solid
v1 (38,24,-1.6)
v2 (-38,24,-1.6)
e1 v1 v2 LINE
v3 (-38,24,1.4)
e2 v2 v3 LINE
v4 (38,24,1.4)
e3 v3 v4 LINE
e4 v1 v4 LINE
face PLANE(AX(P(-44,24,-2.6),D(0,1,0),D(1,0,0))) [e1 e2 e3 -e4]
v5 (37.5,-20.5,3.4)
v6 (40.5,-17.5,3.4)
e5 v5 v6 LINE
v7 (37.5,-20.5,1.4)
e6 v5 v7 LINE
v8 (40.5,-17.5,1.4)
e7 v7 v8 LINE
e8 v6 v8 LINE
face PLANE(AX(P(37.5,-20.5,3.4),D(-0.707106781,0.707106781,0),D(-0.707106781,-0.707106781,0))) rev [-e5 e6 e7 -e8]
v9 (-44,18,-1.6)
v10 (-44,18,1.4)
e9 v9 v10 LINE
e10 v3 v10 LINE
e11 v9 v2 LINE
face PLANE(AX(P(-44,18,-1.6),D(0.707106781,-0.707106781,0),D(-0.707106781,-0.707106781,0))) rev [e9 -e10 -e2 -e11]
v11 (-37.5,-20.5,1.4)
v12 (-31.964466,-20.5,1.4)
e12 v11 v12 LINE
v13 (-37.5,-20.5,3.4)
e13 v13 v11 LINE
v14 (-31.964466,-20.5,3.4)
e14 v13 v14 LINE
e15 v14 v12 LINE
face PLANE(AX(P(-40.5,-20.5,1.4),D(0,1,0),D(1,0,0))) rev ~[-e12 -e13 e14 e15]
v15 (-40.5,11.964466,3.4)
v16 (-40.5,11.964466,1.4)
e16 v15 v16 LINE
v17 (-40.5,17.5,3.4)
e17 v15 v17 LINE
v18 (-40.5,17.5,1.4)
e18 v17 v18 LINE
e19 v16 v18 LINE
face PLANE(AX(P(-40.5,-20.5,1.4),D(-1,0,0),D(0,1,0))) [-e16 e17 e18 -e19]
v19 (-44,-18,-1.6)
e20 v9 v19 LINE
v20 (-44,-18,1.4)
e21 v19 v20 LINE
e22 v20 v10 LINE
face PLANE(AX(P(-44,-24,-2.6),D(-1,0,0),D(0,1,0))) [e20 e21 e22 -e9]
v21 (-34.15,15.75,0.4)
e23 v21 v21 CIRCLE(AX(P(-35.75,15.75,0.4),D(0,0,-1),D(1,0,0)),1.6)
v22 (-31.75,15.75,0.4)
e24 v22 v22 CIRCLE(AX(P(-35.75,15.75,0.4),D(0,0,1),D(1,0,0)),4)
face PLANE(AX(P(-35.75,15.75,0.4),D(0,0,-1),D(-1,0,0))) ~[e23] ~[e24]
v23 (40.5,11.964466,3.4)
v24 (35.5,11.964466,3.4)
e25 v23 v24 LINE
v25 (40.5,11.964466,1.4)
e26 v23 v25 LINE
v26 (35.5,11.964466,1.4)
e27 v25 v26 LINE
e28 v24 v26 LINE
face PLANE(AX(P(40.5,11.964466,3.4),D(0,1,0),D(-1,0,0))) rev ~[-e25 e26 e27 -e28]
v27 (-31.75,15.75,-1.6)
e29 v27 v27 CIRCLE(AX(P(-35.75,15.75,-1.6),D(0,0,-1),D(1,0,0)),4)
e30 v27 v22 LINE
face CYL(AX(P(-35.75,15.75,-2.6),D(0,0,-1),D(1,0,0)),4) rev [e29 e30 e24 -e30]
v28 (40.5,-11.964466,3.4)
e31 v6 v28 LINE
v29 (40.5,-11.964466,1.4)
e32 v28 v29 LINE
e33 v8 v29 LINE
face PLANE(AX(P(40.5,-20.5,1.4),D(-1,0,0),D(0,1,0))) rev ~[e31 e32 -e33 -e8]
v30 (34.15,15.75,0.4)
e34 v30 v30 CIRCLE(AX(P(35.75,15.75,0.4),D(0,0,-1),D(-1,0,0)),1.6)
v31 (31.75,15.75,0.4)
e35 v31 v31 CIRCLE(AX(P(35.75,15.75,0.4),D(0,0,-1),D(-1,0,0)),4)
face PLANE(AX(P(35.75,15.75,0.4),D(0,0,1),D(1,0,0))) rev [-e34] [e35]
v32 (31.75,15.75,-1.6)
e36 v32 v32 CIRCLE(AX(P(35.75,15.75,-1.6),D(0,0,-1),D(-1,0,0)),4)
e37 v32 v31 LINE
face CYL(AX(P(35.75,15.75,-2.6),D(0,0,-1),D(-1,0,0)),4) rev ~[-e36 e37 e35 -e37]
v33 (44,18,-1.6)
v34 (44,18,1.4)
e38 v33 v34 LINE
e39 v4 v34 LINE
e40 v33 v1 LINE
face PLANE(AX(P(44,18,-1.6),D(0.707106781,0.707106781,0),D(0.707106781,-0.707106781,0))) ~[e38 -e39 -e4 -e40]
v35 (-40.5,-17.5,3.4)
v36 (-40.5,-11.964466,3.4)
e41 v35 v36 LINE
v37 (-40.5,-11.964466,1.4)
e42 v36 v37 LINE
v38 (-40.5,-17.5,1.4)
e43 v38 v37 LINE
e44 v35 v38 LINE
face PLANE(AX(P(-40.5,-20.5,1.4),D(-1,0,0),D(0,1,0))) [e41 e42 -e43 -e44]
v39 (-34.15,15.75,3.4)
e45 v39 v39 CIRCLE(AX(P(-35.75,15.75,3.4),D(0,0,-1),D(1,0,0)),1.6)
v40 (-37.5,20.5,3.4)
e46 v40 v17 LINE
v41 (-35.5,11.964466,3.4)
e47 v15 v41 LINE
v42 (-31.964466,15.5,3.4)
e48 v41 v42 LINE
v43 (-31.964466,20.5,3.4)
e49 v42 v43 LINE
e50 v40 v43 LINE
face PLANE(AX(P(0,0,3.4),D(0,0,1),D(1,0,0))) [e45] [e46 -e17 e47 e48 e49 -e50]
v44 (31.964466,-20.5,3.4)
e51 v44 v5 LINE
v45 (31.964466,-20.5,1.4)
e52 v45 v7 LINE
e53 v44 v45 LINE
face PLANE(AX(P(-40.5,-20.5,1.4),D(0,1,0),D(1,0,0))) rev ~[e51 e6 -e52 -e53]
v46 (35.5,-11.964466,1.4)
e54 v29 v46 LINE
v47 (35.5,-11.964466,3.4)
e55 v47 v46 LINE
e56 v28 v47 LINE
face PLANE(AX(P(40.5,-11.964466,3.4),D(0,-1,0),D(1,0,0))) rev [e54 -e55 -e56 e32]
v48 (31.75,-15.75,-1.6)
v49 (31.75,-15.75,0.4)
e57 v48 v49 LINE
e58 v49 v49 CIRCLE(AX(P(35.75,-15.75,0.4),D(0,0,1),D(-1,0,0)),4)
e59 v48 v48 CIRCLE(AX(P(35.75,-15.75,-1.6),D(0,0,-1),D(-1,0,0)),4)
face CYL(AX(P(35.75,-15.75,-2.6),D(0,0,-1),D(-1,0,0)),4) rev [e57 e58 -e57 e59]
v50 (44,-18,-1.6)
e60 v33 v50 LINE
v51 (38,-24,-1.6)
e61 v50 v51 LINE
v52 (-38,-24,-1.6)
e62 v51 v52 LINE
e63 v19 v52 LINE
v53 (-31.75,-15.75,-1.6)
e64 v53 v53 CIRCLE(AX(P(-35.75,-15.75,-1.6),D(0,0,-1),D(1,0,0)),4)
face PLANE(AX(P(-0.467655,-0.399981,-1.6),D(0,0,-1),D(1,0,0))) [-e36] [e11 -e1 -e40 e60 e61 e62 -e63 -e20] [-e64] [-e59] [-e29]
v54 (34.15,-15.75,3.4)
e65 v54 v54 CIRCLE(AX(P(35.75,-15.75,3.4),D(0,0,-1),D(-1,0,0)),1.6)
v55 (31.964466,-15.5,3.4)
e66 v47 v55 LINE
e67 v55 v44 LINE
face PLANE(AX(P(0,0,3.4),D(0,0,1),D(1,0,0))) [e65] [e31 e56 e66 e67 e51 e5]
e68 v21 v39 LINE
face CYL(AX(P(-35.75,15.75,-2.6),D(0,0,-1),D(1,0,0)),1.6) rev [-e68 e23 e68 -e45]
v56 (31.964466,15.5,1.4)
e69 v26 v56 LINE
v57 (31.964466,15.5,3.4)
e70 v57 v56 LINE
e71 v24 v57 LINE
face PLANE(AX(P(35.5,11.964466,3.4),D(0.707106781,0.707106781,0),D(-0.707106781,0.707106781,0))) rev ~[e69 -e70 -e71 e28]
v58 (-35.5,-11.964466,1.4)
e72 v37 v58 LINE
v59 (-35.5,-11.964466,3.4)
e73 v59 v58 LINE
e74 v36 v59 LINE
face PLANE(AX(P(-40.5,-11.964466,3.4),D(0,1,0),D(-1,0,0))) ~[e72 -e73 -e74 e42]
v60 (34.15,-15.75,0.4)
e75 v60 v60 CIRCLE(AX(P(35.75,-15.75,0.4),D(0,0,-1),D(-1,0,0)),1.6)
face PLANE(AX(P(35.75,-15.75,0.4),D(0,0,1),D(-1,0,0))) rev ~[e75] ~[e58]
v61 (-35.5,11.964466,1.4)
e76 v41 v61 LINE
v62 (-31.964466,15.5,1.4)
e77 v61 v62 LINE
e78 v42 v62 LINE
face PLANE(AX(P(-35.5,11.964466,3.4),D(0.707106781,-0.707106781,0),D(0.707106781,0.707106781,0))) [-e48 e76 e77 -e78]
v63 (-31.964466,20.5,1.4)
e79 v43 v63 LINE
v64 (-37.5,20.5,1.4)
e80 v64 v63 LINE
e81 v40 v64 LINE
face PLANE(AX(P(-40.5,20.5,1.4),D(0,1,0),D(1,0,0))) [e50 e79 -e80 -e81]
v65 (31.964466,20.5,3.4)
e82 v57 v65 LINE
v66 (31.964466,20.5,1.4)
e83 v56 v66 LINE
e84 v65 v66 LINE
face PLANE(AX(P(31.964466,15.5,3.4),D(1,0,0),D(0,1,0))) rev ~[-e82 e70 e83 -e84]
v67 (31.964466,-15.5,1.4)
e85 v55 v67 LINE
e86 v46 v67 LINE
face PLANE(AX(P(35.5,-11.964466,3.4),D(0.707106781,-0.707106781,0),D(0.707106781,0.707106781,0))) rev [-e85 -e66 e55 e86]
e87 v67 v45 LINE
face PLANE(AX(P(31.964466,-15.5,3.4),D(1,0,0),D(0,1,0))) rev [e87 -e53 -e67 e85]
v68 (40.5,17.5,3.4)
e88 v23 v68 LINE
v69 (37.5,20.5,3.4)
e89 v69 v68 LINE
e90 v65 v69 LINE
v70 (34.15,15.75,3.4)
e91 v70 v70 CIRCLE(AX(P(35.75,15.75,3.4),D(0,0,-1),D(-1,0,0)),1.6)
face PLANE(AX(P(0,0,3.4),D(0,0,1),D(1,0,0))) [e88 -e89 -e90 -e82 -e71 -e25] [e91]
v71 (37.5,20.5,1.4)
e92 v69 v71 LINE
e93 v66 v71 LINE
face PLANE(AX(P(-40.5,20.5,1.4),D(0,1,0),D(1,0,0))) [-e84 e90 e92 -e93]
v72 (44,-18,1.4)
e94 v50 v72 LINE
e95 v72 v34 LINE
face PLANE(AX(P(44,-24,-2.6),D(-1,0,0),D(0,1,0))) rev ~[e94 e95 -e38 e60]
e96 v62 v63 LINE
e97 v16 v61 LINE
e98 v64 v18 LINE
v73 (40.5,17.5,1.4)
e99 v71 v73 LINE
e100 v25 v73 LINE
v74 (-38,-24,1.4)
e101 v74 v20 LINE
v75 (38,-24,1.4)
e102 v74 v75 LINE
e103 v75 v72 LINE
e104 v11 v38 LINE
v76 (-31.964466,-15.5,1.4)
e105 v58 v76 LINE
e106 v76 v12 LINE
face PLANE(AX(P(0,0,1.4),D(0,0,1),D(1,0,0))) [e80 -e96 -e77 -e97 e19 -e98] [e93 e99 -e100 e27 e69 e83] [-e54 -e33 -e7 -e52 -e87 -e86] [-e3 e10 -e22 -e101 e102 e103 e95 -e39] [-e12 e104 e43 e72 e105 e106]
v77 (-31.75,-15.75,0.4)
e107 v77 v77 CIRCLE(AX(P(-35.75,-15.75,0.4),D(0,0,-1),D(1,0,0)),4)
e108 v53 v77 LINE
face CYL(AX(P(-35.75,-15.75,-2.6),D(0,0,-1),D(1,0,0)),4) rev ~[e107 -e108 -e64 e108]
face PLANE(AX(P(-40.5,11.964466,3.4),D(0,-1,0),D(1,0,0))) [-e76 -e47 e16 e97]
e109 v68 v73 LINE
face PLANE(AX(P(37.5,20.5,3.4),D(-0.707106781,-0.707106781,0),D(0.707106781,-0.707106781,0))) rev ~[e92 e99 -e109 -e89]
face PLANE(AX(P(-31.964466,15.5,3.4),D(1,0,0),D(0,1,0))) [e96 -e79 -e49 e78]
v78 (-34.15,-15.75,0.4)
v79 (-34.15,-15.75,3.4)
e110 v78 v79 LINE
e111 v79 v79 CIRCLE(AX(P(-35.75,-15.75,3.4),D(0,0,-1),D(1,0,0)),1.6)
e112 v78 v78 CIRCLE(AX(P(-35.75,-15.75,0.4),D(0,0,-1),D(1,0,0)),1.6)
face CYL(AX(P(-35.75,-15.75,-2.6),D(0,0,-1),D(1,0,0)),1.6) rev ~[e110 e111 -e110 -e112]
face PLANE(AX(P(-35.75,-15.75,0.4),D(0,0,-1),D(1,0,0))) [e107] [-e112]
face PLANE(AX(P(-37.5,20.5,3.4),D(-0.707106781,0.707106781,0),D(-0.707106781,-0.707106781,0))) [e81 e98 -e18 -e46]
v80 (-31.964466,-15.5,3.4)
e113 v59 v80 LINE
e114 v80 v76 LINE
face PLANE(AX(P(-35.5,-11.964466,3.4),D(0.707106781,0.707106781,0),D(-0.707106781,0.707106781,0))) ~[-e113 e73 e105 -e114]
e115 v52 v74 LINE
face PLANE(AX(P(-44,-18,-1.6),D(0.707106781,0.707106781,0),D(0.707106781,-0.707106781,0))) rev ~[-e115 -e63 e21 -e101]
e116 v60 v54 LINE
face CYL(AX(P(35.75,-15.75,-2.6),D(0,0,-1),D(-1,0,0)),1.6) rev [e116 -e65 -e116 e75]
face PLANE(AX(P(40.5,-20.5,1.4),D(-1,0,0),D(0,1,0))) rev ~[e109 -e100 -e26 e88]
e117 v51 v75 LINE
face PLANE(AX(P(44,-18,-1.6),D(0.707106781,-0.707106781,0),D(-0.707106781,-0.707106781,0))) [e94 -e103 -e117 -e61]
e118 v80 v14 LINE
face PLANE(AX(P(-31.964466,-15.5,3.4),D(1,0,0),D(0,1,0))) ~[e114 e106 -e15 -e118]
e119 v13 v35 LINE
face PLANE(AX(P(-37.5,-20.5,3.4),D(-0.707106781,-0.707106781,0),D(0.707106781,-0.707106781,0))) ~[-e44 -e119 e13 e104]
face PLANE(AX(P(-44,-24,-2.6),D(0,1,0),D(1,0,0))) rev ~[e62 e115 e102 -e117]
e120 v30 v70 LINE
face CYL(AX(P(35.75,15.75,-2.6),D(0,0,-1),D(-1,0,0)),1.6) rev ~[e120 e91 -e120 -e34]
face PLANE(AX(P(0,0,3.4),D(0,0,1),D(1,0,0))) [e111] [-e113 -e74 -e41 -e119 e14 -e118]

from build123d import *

# Parameters (mm, degrees)
SKETCH012_W                   = 88
SKETCH012_H                   = 48
PAD005_DEPTH                  = 4
SKETCH013_W                   = 81
SKETCH013_H                   = 41
PAD006_DEPTH                  = 2
POCKET007_DEPTH               = 2
POCKET007_MIRRORED009_2_DEPTH = 2
POCKET008_DEPTH               = 2
SKETCH016_R                   = 1.6
POCKET009_DEPTH               = 206.8392433701
SKETCH016_MIRRORED011_2_R     = 1.6
POCKET009_MIRRORED011_2_DEPTH = 206.8392433701
SKETCH017_R                   = 4
POCKET010_DEPTH               = 3
SKETCH017_MIRRORED013_2_R     = 4
POCKET010_MIRRORED013_2_DEPTH = 3
SKETCH018_W                   = 100.342552
SKETCH018_H                   = 57.696968
POCKET011_DEPTH               = 1
POCKET012_DEPTH               = 205.7296725906
POCKET012_MIRRORED015_2_DEPTH = 205.7296725906
POCKET008_MIRRORED017_2_DEPTH = 2


with BuildPart() as part:
    # Sketch012 → Pad005 (new body)
    with BuildSketch(Plane.XY):
        Rectangle(SKETCH012_W, SKETCH012_H)
    extrude(amount=PAD005_DEPTH)

    # Sketch013 (on Face6 of Pad005) → Pad006 (join)
    with BuildSketch(Plane.XY.offset(4)):
        Rectangle(SKETCH013_W, SKETCH013_H)
    extrude(amount=PAD006_DEPTH)

    # Sketch014 (on Face11 of Pad006) → Pocket007 (cut)
    with BuildSketch(Plane.XY.offset(6)):
        Polygon((0, 0), (-40.5, 0), (-40.5, 11.9644660941), (-35.5, 11.9644660941), (-31.964466094, 15.5), (-31.964466094, 20.5), (0, 20.5), align=None)
    pocket007 = extrude(amount=-POCKET007_DEPTH, mode=Mode.SUBTRACT)

    # Sketch014 Mirrored009 2 → Pocket007 Mirrored009 2 (cut)
    with BuildSketch(Plane(origin=(0, 0, 6), x_dir=(-1, 0, 0), z_dir=(0, 0, -1))):
        Polygon((0, 0), (-40.5, 0), (-40.5, 11.9644660941), (-35.5, 11.9644660941), (-31.964466094, 15.5), (-31.964466094, 20.5), (0, 20.5), align=None)
    pocket007_mirrored009_2 = extrude(amount=POCKET007_MIRRORED009_2_DEPTH, mode=Mode.SUBTRACT)

    # Mirrored010: Pocket007, Pocket007 Mirrored009 2 across Sketch014 H_Axis
    add(pocket007.mirror(Plane(origin=(0, 0, 6), x_dir=(0, 0, 1), z_dir=(0, 1, 0))), mode=Mode.SUBTRACT)
    add(pocket007_mirrored009_2.mirror(Plane(origin=(0, 0, 6), x_dir=(0, 0, 1), z_dir=(0, 1, 0))), mode=Mode.SUBTRACT)

    # Sketch015 (on Face20 of MultiTransform004) → Pocket008 (cut)
    with BuildSketch(Plane.XY.offset(6)):
        Polygon((-40.5, 17.5), (-40.5, 20.5), (-37.5, 20.5), align=None)
    pocket008 = extrude(amount=-POCKET008_DEPTH, mode=Mode.SUBTRACT)

    # Sketch016 (on Face4 of Pocket008) → Pocket009 (cut, through all)
    with BuildSketch(Plane(origin=(0, 0, 0), x_dir=(1, 0, 0), z_dir=(0, 0, -1))):
        with Locations((-35.75, 15.75)):
            Circle(SKETCH016_R)
    pocket009 = extrude(amount=-POCKET009_DEPTH, mode=Mode.SUBTRACT)

    # Sketch016 Mirrored011 2 → Pocket009 Mirrored011 2 (cut, through all)
    with BuildSketch(Plane(origin=(0, 0, 0), x_dir=(-1, 0, 0), z_dir=(0, 0, 1))):
        with Locations((-35.75, 15.75)):
            Circle(SKETCH016_MIRRORED011_2_R)
    pocket009_mirrored011_2 = extrude(amount=POCKET009_MIRRORED011_2_DEPTH, mode=Mode.SUBTRACT)

    # Mirrored012: Pocket009, Pocket009 Mirrored011 2 across Sketch016 H_Axis
    add(pocket009.mirror(Plane(origin=(0, 0, 0), x_dir=(0, 0, -1), z_dir=(0, -1, 0))), mode=Mode.SUBTRACT)
    add(pocket009_mirrored011_2.mirror(Plane(origin=(0, 0, 0), x_dir=(0, 0, -1), z_dir=(0, -1, 0))), mode=Mode.SUBTRACT)

    # Sketch017 (on Face4 of MultiTransform005) → Pocket010 (cut)
    with BuildSketch(Plane(origin=(0, 0, 0), x_dir=(1, 0, 0), z_dir=(0, 0, -1))):
        with Locations((-35.75, 15.75)):
            Circle(SKETCH017_R)
    pocket010 = extrude(amount=-POCKET010_DEPTH, mode=Mode.SUBTRACT)

    # Sketch017 Mirrored013 2 → Pocket010 Mirrored013 2 (cut)
    with BuildSketch(Plane(origin=(0, 0, 0), x_dir=(-1, 0, 0), z_dir=(0, 0, 1))):
        with Locations((-35.75, 15.75)):
            Circle(SKETCH017_MIRRORED013_2_R)
    pocket010_mirrored013_2 = extrude(amount=POCKET010_MIRRORED013_2_DEPTH, mode=Mode.SUBTRACT)

    # Mirrored014: Pocket010, Pocket010 Mirrored013 2 across Sketch017 H_Axis
    add(pocket010.mirror(Plane(origin=(0, 0, 0), x_dir=(0, 0, -1), z_dir=(0, -1, 0))), mode=Mode.SUBTRACT)
    add(pocket010_mirrored013_2.mirror(Plane(origin=(0, 0, 0), x_dir=(0, 0, -1), z_dir=(0, -1, 0))), mode=Mode.SUBTRACT)

    # Sketch018 (on Face4 of MultiTransform006) → Pocket011 (cut)
    with BuildSketch(Plane(origin=(0, 0, 0), x_dir=(1, 0, 0), z_dir=(0, 0, -1))):
        with Locations((-0.467655, 0.399981)):
            Rectangle(SKETCH018_W, SKETCH018_H)
    extrude(amount=-POCKET011_DEPTH, mode=Mode.SUBTRACT)

    # Sketch019 (on Face2 of Pocket011) → Pocket012 (cut, through all)
    with BuildSketch(Plane(origin=(0, 0, 1), x_dir=(1, 0, 0), z_dir=(0, 0, -1))):
        Polygon((-44, 18), (-38, 24), (-44, 24), align=None)
    pocket012 = extrude(amount=-POCKET012_DEPTH, mode=Mode.SUBTRACT)

    # Sketch019 Mirrored015 2 → Pocket012 Mirrored015 2 (cut, through all)
    with BuildSketch(Plane(origin=(0, 0, 1), x_dir=(-1, 0, 0), z_dir=(0, 0, 1))):
        Polygon((-44, 18), (-38, 24), (-44, 24), align=None)
    pocket012_mirrored015_2 = extrude(amount=POCKET012_MIRRORED015_2_DEPTH, mode=Mode.SUBTRACT)

    # Mirrored016: Pocket012, Pocket012 Mirrored015 2 across Sketch019 H_Axis
    add(pocket012.mirror(Plane(origin=(0, 0, 1), x_dir=(0, 0, -1), z_dir=(0, -1, 0))), mode=Mode.SUBTRACT)
    add(pocket012_mirrored015_2.mirror(Plane(origin=(0, 0, 1), x_dir=(0, 0, -1), z_dir=(0, -1, 0))), mode=Mode.SUBTRACT)

    # Sketch015 Mirrored017 2 → Pocket008 Mirrored017 2 (cut)
    with BuildSketch(Plane(origin=(0, 0, 6), x_dir=(-1, 0, 0), z_dir=(0, 0, -1))):
        Polygon((-40.5, 17.5), (-40.5, 20.5), (-37.5, 20.5), align=None)
    pocket008_mirrored017_2 = extrude(amount=POCKET008_MIRRORED017_2_DEPTH, mode=Mode.SUBTRACT)

    # Mirrored018: Pocket008, Pocket008 Mirrored017 2 across Sketch015 H_Axis
    add(pocket008.mirror(Plane(origin=(0, 0, 6), x_dir=(0, 0, 1), z_dir=(0, 1, 0))), mode=Mode.SUBTRACT)
    add(pocket008_mirrored017_2.mirror(Plane(origin=(0, 0, 6), x_dir=(0, 0, 1), z_dir=(0, 1, 0))), mode=Mode.SUBTRACT)


with BuildPart() as part_1:
    # Body001 placement: moved
    add(part.part.moved(Location((0, 0, -2.6))))


solid = part_1.part
